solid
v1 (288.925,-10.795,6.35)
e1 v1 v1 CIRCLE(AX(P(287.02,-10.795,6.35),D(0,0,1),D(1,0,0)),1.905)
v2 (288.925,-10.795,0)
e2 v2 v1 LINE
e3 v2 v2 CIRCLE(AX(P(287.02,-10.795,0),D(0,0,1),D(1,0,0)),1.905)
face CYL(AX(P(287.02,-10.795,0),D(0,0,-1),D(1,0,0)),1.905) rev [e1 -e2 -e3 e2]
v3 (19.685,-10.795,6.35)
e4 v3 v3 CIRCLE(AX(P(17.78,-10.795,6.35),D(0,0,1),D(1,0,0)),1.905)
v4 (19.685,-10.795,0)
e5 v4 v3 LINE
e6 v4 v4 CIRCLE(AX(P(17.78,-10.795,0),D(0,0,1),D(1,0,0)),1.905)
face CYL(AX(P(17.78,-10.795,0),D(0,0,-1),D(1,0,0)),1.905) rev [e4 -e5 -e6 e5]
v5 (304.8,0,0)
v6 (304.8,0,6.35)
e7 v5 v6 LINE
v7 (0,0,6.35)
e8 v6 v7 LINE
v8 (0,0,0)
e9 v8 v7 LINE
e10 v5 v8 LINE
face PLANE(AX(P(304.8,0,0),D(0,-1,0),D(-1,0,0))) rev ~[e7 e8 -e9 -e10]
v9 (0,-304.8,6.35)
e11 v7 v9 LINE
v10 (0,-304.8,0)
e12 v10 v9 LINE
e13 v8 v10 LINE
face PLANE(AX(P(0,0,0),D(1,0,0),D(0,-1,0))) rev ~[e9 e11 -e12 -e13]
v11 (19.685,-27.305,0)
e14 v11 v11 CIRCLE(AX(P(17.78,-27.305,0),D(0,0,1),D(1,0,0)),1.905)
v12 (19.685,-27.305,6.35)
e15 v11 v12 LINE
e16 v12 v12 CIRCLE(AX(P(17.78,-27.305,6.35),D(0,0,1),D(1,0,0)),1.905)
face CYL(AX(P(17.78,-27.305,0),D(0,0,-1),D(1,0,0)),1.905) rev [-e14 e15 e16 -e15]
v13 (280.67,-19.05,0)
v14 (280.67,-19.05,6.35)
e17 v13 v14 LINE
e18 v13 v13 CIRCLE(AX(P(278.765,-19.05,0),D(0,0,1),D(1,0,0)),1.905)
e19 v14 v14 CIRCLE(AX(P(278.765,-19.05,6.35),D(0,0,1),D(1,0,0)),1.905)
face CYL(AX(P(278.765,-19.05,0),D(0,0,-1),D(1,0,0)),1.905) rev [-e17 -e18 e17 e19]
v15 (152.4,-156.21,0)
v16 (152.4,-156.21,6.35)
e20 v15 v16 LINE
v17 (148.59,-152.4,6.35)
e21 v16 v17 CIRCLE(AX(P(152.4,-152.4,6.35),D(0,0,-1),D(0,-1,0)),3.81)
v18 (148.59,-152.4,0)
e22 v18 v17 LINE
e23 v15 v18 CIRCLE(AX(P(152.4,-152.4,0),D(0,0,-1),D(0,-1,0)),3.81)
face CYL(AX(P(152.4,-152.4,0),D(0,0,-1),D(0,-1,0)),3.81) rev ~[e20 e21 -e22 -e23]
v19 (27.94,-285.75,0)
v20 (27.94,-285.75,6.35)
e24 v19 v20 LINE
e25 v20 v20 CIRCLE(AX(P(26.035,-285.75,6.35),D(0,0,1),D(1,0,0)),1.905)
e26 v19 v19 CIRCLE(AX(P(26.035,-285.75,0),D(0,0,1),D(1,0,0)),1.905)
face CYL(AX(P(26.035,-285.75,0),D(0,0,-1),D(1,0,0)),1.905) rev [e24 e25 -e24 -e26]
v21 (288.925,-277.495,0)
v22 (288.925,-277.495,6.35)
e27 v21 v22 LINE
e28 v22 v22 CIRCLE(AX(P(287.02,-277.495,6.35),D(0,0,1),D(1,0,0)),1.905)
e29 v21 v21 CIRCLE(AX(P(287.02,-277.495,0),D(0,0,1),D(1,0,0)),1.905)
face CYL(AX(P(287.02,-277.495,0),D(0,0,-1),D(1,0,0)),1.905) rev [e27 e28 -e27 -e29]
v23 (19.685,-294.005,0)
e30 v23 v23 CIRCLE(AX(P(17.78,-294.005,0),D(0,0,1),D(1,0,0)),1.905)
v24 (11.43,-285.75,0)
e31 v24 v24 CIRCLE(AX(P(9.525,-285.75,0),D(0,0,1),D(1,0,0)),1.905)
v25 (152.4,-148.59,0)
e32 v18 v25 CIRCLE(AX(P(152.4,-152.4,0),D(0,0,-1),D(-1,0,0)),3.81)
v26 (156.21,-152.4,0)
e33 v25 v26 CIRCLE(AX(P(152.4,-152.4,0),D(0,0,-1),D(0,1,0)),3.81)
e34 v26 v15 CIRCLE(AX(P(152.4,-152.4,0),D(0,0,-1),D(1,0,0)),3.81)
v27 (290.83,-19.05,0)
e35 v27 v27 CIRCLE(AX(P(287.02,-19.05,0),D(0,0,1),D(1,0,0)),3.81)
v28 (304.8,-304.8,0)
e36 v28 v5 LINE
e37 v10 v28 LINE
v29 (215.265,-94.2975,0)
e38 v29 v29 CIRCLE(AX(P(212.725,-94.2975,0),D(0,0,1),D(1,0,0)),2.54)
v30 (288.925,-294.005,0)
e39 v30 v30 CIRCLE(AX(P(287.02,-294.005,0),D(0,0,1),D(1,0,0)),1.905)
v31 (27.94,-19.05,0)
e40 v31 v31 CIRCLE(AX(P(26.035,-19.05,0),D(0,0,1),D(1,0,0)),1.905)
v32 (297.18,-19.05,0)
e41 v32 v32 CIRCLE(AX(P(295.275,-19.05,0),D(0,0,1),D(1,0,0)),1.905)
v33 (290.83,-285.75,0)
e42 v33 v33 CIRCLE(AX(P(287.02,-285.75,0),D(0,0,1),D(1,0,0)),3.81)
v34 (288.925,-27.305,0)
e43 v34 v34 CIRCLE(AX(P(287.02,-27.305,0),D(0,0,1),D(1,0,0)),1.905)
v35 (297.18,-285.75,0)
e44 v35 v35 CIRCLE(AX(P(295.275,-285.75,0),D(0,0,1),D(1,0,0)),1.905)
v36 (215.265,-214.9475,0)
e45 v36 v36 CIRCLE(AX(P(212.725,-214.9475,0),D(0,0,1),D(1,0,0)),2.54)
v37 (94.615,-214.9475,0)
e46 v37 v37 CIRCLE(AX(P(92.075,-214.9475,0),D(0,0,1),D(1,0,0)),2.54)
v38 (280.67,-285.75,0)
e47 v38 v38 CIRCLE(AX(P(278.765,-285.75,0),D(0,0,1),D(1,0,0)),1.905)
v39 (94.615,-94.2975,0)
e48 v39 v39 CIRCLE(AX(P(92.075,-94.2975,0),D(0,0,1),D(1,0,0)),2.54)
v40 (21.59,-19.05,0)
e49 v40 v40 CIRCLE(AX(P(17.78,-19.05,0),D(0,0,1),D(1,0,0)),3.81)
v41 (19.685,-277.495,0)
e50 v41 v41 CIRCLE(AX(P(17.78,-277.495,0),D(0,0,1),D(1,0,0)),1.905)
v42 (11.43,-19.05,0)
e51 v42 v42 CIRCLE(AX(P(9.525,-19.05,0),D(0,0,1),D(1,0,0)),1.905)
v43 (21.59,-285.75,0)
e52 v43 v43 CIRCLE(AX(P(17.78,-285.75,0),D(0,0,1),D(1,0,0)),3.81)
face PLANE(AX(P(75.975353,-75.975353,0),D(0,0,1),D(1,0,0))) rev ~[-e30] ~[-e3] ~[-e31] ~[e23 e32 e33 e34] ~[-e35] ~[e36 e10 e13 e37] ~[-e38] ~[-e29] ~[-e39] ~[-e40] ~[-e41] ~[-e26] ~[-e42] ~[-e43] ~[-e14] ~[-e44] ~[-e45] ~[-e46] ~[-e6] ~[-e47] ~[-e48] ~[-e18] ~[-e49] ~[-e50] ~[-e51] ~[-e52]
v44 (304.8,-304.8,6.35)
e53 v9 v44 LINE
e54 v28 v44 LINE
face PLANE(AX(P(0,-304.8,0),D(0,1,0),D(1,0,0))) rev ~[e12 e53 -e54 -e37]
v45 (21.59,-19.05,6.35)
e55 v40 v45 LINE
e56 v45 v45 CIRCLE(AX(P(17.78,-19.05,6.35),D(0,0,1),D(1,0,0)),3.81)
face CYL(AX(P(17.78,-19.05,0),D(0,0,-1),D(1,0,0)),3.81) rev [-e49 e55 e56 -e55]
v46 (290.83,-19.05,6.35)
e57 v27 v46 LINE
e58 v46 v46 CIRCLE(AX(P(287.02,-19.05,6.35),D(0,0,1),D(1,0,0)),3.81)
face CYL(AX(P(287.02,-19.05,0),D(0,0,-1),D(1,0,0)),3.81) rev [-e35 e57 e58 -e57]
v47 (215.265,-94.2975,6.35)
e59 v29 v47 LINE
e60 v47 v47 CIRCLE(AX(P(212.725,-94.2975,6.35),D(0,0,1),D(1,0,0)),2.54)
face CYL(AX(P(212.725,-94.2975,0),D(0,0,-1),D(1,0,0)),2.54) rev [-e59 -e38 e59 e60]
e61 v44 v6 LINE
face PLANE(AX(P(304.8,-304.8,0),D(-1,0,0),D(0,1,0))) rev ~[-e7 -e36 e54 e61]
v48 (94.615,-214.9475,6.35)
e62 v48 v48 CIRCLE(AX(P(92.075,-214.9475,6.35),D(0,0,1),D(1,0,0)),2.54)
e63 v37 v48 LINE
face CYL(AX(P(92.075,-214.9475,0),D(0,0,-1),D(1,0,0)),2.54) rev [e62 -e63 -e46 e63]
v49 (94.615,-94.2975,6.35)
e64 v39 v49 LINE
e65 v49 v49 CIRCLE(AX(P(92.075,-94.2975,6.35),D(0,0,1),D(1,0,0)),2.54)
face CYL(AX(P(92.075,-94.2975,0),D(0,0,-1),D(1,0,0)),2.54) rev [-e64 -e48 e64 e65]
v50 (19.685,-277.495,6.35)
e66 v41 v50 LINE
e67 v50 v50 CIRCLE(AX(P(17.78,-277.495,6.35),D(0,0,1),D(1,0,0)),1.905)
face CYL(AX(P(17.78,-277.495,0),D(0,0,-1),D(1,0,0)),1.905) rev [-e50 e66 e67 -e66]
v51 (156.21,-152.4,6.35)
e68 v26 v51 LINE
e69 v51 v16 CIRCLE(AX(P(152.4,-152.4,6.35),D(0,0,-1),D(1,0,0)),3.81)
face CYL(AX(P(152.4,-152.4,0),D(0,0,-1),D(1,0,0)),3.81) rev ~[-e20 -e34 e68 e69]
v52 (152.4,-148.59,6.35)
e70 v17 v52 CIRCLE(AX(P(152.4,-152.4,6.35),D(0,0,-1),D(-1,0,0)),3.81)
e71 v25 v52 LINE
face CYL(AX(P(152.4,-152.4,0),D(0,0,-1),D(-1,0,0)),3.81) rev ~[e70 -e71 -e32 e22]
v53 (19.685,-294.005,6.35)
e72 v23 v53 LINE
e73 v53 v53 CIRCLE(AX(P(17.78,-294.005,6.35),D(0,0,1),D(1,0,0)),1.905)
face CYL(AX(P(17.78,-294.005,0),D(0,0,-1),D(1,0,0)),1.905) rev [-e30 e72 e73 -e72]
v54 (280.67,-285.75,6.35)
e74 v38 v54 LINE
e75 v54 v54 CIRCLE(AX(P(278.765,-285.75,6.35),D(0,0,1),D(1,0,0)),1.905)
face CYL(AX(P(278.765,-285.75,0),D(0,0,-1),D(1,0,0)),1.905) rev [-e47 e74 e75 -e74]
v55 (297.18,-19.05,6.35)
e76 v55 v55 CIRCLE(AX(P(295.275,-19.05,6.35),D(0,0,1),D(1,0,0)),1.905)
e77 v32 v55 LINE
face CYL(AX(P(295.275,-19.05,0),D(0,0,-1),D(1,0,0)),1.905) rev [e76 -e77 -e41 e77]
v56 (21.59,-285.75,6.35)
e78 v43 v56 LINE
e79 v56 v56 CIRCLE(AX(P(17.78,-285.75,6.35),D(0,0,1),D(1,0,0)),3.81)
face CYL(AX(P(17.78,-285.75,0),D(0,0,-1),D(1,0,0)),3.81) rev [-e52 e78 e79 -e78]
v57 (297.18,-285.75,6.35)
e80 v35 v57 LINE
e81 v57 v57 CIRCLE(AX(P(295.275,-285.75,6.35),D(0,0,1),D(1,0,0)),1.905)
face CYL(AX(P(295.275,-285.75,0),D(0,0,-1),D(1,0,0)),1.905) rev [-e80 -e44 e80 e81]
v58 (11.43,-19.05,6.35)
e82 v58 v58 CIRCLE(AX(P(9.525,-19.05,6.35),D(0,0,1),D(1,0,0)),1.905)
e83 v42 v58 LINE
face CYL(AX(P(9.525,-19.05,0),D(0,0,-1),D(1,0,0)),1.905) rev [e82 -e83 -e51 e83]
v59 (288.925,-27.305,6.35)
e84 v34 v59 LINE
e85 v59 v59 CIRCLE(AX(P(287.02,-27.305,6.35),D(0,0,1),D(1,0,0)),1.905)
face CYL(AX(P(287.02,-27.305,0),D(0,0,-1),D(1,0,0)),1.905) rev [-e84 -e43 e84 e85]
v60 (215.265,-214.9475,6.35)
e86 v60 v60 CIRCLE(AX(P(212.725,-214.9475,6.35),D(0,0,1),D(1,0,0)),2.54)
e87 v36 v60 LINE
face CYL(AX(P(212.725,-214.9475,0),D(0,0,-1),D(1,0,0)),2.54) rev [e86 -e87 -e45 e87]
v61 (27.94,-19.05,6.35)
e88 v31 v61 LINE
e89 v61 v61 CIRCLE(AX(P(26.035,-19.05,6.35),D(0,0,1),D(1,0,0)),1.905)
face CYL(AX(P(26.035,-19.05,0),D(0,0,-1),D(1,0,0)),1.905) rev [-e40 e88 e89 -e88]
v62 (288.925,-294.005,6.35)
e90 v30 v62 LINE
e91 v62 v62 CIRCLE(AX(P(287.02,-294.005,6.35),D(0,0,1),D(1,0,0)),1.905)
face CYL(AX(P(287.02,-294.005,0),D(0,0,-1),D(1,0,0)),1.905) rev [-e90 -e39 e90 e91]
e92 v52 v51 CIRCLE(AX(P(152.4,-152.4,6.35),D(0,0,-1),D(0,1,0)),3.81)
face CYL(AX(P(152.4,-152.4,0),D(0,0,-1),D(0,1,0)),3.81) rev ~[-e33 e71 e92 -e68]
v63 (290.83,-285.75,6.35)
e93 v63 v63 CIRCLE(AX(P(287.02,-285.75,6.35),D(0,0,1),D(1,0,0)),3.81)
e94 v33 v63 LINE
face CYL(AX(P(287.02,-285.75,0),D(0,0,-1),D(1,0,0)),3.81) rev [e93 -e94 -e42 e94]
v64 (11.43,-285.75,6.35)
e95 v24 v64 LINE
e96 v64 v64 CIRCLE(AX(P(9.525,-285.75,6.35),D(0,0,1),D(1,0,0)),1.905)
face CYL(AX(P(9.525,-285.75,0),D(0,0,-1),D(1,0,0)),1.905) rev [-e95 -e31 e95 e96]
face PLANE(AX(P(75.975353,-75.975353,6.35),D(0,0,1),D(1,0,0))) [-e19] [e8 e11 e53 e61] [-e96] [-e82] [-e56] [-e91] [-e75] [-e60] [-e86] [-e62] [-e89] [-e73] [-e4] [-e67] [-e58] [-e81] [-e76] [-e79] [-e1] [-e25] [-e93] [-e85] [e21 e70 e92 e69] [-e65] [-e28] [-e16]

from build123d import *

# Parameters (mm, degrees)
F0_R     = 2.54
F0_R_2   = 1.905
F0_R_3   = 3.81
F1_DEPTH = 6.35


with BuildPart() as f1:
    # F0 (on Top) → F1 (new body)
    with BuildSketch(Plane.XY):
        with BuildLine():
            Line((35.56, 0), (0, 0))
            Line((0, 0), (0, -152.4))
            Line((0, -152.4), (148.59, -152.4))
            ThreePointArc((148.59, -152.4), (149.7059231637, -149.7059231637), (152.4, -148.59))
            Line((152.4, -148.59), (152.4, 0))
            Line((152.4, 0), (41.91, 0))
            Line((41.91, 0), (38.735, 0))
            Line((38.735, 0), (35.56, 0))
        make_face()
        with Locations((92.075, -94.2975)):
            Circle(F0_R, mode=Mode.SUBTRACT)
        with Locations((17.78, -27.305)):
            Circle(F0_R_2, mode=Mode.SUBTRACT)
        with Locations((9.525, -19.05)):
            Circle(F0_R_2, mode=Mode.SUBTRACT)
        with Locations((17.78, -19.05)):
            Circle(F0_R_3, mode=Mode.SUBTRACT)
        with Locations((17.78, -10.795)):
            Circle(F0_R_2, mode=Mode.SUBTRACT)
        with Locations((26.035, -19.05)):
            Circle(F0_R_2, mode=Mode.SUBTRACT)
        with Locations((59.69, -27.305)):
            Circle(F0_R_2, mode=Mode.SUBTRACT)
        with Locations((51.435, -19.05)):
            Circle(F0_R_2, mode=Mode.SUBTRACT)
        with Locations((59.69, -19.05)):
            Circle(F0_R_3, mode=Mode.SUBTRACT)
        with Locations((59.69, -10.795)):
            Circle(F0_R_2, mode=Mode.SUBTRACT)
        with Locations((67.945, -19.05)):
            Circle(F0_R_2, mode=Mode.SUBTRACT)
        with BuildLine():
            Line((152.4, 0), (152.4, -148.59))
            ThreePointArc((152.4, -148.59), (155.0940768363, -149.7059231637), (156.21, -152.4))
            Line((156.21, -152.4), (304.8, -152.4))
            Line((304.8, -152.4), (304.8, 0))
            Line((304.8, 0), (152.4, 0))
        make_face()
        with Locations((212.725, -94.2975)):
            Circle(F0_R, mode=Mode.SUBTRACT)
        with Locations((245.11, -27.305)):
            Circle(F0_R_2, mode=Mode.SUBTRACT)
        with Locations((236.855, -19.05)):
            Circle(F0_R_2, mode=Mode.SUBTRACT)
        with Locations((245.11, -19.05)):
            Circle(F0_R_3, mode=Mode.SUBTRACT)
        with Locations((245.11, -10.795)):
            Circle(F0_R_2, mode=Mode.SUBTRACT)
        with Locations((253.365, -19.05)):
            Circle(F0_R_2, mode=Mode.SUBTRACT)
        with Locations((287.02, -27.305)):
            Circle(F0_R_2, mode=Mode.SUBTRACT)
        with Locations((278.765, -19.05)):
            Circle(F0_R_2, mode=Mode.SUBTRACT)
        with Locations((287.02, -19.05)):
            Circle(F0_R_3, mode=Mode.SUBTRACT)
        with Locations((295.275, -19.05)):
            Circle(F0_R_2, mode=Mode.SUBTRACT)
        with Locations((287.02, -10.795)):
            Circle(F0_R_2, mode=Mode.SUBTRACT)
        with BuildLine():
            Line((148.59, -152.4), (0, -152.4))
            Line((0, -152.4), (0, -304.8))
            Line((0, -304.8), (152.4, -304.8))
            Line((152.4, -304.8), (152.4, -156.21))
            ThreePointArc((152.4, -156.21), (149.7059231637, -155.0940768363), (148.59, -152.4))
        make_face()
        with Locations((17.78, -294.005)):
            Circle(F0_R_2, mode=Mode.SUBTRACT)
        with Locations((9.525, -285.75)):
            Circle(F0_R_2, mode=Mode.SUBTRACT)
        with Locations((17.78, -285.75)):
            Circle(F0_R_3, mode=Mode.SUBTRACT)
        with Locations((17.78, -277.495)):
            Circle(F0_R_2, mode=Mode.SUBTRACT)
        with Locations((26.035, -285.75)):
            Circle(F0_R_2, mode=Mode.SUBTRACT)
        with Locations((59.69, -294.005)):
            Circle(F0_R_2, mode=Mode.SUBTRACT)
        with Locations((51.435, -285.75)):
            Circle(F0_R_2, mode=Mode.SUBTRACT)
        with Locations((59.69, -285.75)):
            Circle(F0_R_3, mode=Mode.SUBTRACT)
        with Locations((59.69, -277.495)):
            Circle(F0_R_2, mode=Mode.SUBTRACT)
        with Locations((67.945, -285.75)):
            Circle(F0_R_2, mode=Mode.SUBTRACT)
        with Locations((92.075, -214.9475)):
            Circle(F0_R, mode=Mode.SUBTRACT)
        with BuildLine():
            Line((152.4, -156.21), (152.4, -304.8))
            Line((152.4, -304.8), (304.8, -304.8))
            Line((304.8, -304.8), (304.8, -152.4))
            Line((304.8, -152.4), (156.21, -152.4))
            ThreePointArc((156.21, -152.4), (155.0940768363, -155.0940768363), (152.4, -156.21))
        make_face()
        with Locations((245.11, -294.005)):
            Circle(F0_R_2, mode=Mode.SUBTRACT)
        with Locations((236.855, -285.75)):
            Circle(F0_R_2, mode=Mode.SUBTRACT)
        with Locations((245.11, -285.75)):
            Circle(F0_R_3, mode=Mode.SUBTRACT)
        with Locations((245.11, -277.495)):
            Circle(F0_R_2, mode=Mode.SUBTRACT)
        with Locations((253.365, -285.75)):
            Circle(F0_R_2, mode=Mode.SUBTRACT)
        with Locations((287.02, -294.005)):
            Circle(F0_R_2, mode=Mode.SUBTRACT)
        with Locations((278.765, -285.75)):
            Circle(F0_R_2, mode=Mode.SUBTRACT)
        with Locations((287.02, -285.75)):
            Circle(F0_R_3, mode=Mode.SUBTRACT)
        with Locations((295.275, -285.75)):
            Circle(F0_R_2, mode=Mode.SUBTRACT)
        with Locations((287.02, -277.495)):
            Circle(F0_R_2, mode=Mode.SUBTRACT)
        with Locations((212.725, -214.9475)):
            Circle(F0_R, mode=Mode.SUBTRACT)
        with Locations((59.69, -285.75)):
            Circle(F0_R_3)
        with Locations((245.11, -285.75)):
            Circle(F0_R_3)
        with Locations((245.11, -19.05)):
            Circle(F0_R_3)
        with Locations((59.69, -19.05)):
            Circle(F0_R_3)
        with Locations((59.69, -294.005)):
            Circle(F0_R_2)
        with Locations((67.945, -285.75)):
            Circle(F0_R_2)
        with Locations((59.69, -277.495)):
            Circle(F0_R_2)
        with Locations((51.435, -285.75)):
            Circle(F0_R_2)
        with Locations((245.11, -277.495)):
            Circle(F0_R_2)
        with Locations((236.855, -285.75)):
            Circle(F0_R_2)
        with Locations((245.11, -294.005)):
            Circle(F0_R_2)
        with Locations((253.365, -285.75)):
            Circle(F0_R_2)
        with Locations((253.365, -19.05)):
            Circle(F0_R_2)
        with Locations((245.11, -10.795)):
            Circle(F0_R_2)
        with Locations((245.11, -27.305)):
            Circle(F0_R_2)
        with Locations((236.855, -19.05)):
            Circle(F0_R_2)
        with Locations((59.69, -10.795)):
            Circle(F0_R_2)
        with Locations((67.945, -19.05)):
            Circle(F0_R_2)
        with Locations((59.69, -27.305)):
            Circle(F0_R_2)
        with Locations((51.435, -19.05)):
            Circle(F0_R_2)
    extrude(amount=F1_DEPTH)


solid = f1.part
